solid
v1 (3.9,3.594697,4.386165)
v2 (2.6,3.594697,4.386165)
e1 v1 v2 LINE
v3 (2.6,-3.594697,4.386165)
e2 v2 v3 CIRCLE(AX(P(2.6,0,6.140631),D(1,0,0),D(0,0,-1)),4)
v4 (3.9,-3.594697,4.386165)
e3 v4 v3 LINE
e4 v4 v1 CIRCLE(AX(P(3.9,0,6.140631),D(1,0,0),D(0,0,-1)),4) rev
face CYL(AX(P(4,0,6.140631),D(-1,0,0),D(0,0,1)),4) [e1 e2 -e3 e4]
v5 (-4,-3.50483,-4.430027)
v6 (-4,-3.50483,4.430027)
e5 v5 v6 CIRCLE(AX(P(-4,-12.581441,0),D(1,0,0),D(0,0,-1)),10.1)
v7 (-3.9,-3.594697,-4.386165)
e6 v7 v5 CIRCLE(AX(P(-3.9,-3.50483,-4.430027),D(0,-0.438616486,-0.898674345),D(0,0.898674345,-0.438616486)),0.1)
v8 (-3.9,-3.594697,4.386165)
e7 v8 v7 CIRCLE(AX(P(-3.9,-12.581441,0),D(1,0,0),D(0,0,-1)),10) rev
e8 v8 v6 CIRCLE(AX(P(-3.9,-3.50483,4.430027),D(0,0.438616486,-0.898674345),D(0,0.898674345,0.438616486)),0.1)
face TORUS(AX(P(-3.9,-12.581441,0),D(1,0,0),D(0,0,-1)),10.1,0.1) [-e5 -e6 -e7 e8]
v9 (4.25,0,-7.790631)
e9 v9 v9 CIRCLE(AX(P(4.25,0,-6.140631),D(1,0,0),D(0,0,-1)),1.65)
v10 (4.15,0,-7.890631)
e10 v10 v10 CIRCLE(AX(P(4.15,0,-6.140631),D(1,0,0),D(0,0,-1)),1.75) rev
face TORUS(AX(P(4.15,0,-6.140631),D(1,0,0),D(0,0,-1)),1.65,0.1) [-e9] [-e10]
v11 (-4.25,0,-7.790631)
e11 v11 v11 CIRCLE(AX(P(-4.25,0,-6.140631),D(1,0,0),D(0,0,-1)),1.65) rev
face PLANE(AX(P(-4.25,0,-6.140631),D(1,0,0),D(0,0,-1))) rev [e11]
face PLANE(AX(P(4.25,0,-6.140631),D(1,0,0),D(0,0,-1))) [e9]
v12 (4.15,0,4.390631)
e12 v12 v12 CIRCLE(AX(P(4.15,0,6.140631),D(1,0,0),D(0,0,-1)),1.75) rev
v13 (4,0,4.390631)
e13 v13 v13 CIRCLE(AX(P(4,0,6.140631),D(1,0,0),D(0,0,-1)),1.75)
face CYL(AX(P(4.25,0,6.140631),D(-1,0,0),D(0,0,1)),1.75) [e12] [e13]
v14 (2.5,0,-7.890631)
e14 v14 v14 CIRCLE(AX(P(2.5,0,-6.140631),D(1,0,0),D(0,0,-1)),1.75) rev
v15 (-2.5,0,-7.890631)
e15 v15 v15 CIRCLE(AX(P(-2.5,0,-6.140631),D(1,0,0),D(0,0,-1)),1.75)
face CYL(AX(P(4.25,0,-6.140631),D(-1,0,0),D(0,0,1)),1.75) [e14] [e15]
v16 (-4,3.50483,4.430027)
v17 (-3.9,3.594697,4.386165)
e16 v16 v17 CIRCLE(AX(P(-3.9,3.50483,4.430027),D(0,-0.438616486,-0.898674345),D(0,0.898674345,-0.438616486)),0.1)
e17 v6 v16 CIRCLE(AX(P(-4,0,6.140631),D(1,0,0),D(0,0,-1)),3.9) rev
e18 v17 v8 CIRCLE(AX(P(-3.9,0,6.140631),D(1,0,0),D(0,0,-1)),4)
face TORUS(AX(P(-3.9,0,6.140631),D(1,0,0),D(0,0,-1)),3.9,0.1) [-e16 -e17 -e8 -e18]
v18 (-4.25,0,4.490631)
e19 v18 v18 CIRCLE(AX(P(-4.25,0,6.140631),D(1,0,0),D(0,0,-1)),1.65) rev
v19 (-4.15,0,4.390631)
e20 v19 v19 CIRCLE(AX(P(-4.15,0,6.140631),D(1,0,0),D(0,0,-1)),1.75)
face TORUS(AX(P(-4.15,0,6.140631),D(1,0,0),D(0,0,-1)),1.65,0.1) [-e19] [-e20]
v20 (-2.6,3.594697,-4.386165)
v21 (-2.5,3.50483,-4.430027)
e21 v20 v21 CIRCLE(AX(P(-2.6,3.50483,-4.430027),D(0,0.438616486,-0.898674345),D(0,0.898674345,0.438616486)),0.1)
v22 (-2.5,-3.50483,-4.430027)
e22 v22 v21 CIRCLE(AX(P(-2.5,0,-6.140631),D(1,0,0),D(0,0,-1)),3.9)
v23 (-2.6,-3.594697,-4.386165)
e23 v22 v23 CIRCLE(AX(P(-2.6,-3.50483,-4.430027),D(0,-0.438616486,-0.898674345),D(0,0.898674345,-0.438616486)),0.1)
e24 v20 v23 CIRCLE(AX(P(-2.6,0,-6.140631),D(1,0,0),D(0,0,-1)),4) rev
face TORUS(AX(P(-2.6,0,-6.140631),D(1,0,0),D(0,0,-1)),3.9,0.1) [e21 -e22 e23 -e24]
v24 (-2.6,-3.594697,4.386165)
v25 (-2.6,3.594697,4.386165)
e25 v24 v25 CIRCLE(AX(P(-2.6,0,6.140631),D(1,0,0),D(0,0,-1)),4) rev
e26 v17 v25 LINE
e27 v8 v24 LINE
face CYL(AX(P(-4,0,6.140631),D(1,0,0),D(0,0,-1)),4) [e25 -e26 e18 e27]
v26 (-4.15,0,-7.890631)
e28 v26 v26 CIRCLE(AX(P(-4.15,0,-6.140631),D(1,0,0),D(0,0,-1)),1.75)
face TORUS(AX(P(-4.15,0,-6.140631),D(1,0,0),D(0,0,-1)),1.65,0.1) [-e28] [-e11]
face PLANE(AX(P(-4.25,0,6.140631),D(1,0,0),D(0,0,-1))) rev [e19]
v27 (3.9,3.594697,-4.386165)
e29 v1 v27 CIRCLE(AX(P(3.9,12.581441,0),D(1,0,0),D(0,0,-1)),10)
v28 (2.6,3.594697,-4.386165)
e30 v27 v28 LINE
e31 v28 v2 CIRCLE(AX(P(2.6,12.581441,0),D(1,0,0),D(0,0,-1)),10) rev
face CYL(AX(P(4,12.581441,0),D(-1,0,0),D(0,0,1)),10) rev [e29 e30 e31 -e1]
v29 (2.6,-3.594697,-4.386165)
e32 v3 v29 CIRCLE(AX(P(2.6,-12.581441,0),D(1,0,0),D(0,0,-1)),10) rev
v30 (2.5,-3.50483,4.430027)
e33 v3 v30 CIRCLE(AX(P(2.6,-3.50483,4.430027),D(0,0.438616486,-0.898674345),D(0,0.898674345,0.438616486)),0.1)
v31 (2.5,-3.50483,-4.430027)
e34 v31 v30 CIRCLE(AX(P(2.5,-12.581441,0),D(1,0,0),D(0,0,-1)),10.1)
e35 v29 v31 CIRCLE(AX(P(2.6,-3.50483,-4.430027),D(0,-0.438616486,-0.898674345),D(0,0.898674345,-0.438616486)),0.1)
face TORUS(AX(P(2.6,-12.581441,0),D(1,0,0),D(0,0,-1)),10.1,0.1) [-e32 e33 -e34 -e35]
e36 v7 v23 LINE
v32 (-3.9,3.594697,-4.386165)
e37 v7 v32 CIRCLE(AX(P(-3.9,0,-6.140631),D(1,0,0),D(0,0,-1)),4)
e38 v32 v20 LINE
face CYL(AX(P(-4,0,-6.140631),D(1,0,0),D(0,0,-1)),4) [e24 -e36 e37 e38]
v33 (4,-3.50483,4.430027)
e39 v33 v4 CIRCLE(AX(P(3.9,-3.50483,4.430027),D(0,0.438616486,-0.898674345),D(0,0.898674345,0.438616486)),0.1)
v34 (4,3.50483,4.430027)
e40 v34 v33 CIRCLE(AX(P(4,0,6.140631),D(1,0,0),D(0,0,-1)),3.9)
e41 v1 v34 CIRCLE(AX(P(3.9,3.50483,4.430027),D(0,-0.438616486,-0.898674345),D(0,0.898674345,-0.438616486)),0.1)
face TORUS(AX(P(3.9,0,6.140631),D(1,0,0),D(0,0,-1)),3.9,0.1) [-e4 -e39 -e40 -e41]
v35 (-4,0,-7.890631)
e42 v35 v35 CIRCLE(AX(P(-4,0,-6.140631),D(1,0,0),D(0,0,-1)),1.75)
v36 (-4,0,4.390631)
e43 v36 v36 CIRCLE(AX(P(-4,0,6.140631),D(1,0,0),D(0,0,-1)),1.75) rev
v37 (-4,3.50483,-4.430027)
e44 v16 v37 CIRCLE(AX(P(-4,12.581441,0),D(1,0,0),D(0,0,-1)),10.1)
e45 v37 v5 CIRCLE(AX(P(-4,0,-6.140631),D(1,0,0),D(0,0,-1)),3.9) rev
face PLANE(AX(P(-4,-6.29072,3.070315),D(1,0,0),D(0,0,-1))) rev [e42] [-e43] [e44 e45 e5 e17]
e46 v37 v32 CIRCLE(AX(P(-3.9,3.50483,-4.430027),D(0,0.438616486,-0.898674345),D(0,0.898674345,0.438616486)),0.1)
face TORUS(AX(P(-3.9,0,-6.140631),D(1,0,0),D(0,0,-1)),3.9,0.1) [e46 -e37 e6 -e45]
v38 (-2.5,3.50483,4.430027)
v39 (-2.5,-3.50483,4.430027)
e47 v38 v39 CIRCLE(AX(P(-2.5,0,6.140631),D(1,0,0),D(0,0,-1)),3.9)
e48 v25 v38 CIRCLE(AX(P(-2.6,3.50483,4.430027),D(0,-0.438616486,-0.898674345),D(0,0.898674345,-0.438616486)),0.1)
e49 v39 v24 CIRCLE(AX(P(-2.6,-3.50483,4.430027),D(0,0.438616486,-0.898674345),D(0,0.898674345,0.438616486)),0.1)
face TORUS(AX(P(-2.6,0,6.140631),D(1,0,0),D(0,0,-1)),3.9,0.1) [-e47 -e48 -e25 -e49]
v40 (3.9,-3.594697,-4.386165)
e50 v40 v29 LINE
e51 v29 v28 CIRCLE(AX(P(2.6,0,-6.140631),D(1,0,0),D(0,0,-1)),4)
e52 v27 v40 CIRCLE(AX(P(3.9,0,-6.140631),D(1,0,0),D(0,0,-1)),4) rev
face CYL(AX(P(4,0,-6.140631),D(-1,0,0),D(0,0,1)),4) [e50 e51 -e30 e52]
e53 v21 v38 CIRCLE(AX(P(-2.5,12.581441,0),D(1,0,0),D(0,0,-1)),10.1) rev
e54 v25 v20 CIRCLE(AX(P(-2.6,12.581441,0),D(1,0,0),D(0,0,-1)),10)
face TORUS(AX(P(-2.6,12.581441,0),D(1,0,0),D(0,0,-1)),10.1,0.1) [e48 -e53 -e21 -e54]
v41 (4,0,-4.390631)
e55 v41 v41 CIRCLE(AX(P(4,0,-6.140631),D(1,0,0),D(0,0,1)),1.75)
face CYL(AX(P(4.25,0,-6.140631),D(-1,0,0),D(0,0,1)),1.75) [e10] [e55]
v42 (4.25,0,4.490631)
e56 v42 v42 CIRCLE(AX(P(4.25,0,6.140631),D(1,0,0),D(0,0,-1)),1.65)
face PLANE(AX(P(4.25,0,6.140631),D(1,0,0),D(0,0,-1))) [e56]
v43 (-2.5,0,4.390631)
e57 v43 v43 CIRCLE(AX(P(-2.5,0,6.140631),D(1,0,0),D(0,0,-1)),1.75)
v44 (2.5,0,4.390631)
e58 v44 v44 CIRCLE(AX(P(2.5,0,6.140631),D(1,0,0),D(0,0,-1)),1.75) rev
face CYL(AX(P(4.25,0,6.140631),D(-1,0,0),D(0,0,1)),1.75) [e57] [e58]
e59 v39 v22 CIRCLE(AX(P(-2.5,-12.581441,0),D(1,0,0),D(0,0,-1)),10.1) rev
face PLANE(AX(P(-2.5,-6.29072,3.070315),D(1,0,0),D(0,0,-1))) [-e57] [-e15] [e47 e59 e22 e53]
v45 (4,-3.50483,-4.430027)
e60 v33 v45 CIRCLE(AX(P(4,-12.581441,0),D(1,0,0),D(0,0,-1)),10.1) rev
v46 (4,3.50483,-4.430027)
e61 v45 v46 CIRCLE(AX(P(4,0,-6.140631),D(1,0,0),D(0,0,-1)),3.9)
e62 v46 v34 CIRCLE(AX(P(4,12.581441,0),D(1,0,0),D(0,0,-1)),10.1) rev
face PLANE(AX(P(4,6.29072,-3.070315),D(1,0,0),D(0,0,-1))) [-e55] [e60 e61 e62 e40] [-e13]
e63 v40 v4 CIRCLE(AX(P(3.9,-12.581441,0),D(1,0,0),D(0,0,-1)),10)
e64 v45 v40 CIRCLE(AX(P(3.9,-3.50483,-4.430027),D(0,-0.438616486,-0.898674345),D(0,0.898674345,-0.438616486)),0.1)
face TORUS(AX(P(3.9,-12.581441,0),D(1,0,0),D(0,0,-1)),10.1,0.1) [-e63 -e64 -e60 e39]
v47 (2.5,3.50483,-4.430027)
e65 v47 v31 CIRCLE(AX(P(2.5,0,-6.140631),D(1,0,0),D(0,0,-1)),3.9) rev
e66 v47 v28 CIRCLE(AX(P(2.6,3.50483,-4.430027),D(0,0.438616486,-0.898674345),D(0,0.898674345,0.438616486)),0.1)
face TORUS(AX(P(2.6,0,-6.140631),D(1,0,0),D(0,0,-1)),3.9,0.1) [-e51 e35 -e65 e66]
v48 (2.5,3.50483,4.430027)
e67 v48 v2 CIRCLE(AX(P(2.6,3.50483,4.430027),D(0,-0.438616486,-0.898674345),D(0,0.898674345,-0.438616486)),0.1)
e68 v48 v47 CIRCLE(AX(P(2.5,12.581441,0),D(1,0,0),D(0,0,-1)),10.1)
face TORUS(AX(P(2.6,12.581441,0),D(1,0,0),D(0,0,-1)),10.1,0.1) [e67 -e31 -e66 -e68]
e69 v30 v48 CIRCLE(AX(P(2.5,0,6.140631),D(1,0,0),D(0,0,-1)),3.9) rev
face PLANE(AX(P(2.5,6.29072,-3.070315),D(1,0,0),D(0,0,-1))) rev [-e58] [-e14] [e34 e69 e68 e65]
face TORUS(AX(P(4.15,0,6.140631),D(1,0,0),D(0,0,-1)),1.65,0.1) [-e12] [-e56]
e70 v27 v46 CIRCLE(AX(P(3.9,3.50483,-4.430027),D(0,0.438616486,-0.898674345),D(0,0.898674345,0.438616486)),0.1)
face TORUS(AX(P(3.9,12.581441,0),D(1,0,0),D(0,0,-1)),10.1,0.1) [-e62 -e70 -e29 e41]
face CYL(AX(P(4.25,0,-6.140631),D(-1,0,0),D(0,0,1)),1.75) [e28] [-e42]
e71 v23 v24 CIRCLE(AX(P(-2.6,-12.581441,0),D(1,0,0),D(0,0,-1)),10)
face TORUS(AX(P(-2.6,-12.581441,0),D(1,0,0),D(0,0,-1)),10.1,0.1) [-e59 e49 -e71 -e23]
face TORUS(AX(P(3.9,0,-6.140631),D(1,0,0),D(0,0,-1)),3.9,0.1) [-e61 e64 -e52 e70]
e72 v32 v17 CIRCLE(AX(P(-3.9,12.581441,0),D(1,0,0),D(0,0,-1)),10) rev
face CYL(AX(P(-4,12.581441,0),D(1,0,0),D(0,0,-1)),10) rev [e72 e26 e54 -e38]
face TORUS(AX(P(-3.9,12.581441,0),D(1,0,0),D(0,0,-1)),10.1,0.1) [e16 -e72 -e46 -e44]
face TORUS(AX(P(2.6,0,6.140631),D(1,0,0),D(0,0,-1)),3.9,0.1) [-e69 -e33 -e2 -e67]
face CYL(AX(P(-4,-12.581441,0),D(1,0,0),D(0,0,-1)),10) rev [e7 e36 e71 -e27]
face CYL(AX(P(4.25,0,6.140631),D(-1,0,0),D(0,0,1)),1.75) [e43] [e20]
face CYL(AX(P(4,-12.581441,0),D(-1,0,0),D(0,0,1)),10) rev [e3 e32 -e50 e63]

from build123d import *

# Parameters (mm, degrees)
BOSS_EXTRUDE1_START = 2.5
SKETCH1_R           = 1.75
BOSS_EXTRUDE1_DEPTH = 1.5
BOSS_EXTRUDE2_START = -2.5
SKETCH2_R           = 1.75
BOSS_EXTRUDE2_DEPTH = 1.5
SKETCH3_R           = 1.75
BOSS_EXTRUDE3_DEPTH = 4.25
FILLET1_R           = 0.1


with BuildPart() as part:
    # Sketch1 → Boss-Extrude1 (new body)
    with BuildSketch(Plane(origin=(0, 0, 0), x_dir=(0, 0, -1), z_dir=(1, 0, 0)).offset(BOSS_EXTRUDE1_START)):
        with BuildLine():
            ThreePointArc((-4.386164856, 3.594697381), (-10.140630798, 0), (-4.386164856, -3.594697381))
            ThreePointArc((-4.386164856, -3.594697381), (0, -2.581440832), (4.386164856, -3.594697381))
            ThreePointArc((4.386164856, -3.594697381), (10.140630798, 0), (4.386164856, 3.594697381))
            ThreePointArc((4.386164856, 3.594697381), (0, 2.581440832), (-4.386164856, 3.594697381))
        make_face()
        with Locations((-6.140630798, 0)):
            Circle(SKETCH1_R, mode=Mode.SUBTRACT)
        with Locations(Location((6.140630798, 0, 0), (0, 0, 180))):
            Circle(SKETCH1_R, mode=Mode.SUBTRACT)
    extrude(amount=BOSS_EXTRUDE1_DEPTH)



with BuildPart() as body_2:
    # Sketch2 → Boss-Extrude2 (new body)
    with BuildSketch(Plane(origin=(0, 0, 0), x_dir=(0, 0, -1), z_dir=(1, 0, 0)).offset(BOSS_EXTRUDE2_START)):
        with BuildLine():
            ThreePointArc((-4.386164856, 3.594697381), (0, 2.581440832), (4.386164856, 3.594697381))
            ThreePointArc((4.386164856, 3.594697381), (10.140630798, 0), (4.386164856, -3.594697381))
            ThreePointArc((4.386164856, -3.594697381), (0, -2.581440832), (-4.386164856, -3.594697381))
            ThreePointArc((-4.386164856, -3.594697381), (-10.140630798, 0), (-4.386164856, 3.594697381))
        make_face()
        with Locations(Location((6.140630798, 0, 0), (0, 0, 180))):
            Circle(SKETCH2_R, mode=Mode.SUBTRACT)
        with Locations((-6.140630798, 0)):
            Circle(SKETCH2_R, mode=Mode.SUBTRACT)
    extrude(amount=-BOSS_EXTRUDE2_DEPTH)


with BuildPart() as part_1:
    add(part.part)

    add(body_2.part)  # Boss-Extrude3 merges body 2
    # Sketch3 → Boss-Extrude3 (add, symmetric)
    with BuildSketch(Plane(origin=(0, 0, 0), x_dir=(0, 0, -1), z_dir=(1, 0, 0))):
        with Locations((6.140630798, 0)):
            Circle(SKETCH3_R)
        with Locations((-6.140630798, 0)):
            Circle(SKETCH3_R)
    extrude(amount=BOSS_EXTRUDE3_DEPTH, both=True)

    # Fillet1
    fillet1_edges = [part_1.edges().sort_by_distance(p)[0] for p in [
        (4, -2.581440832, 0),
        (4, 0, -10.140630798),
        (-4.25, 0, -4.390630798),
        (4.25, 0, -4.390630798),
        (-4, 0, 10.140630798),
        (-4, 2.581440832, 0),
        (-4, 0, -10.140630798),
        (-4, -2.581440832, 0),
        (-2.5, 0, 10.140630798),
        (-2.5, -2.581440832, 0),
        (-2.5, 0, -10.140630798),
        (-2.5, 2.581440832, 0),
        (-4.25, 0, 7.890630798),
        (4.25, 0, 7.890630798),
        (4, 2.581440832, 0),
        (2.5, 0, -10.140630798),
        (2.5, -2.581440832, 0),
        (2.5, 0, 10.140630798),
        (2.5, 2.581440832, 0),
        (4, 0, 10.140630798),
    ]]
    fillet(fillet1_edges, radius=FILLET1_R)


solid = part_1.part
